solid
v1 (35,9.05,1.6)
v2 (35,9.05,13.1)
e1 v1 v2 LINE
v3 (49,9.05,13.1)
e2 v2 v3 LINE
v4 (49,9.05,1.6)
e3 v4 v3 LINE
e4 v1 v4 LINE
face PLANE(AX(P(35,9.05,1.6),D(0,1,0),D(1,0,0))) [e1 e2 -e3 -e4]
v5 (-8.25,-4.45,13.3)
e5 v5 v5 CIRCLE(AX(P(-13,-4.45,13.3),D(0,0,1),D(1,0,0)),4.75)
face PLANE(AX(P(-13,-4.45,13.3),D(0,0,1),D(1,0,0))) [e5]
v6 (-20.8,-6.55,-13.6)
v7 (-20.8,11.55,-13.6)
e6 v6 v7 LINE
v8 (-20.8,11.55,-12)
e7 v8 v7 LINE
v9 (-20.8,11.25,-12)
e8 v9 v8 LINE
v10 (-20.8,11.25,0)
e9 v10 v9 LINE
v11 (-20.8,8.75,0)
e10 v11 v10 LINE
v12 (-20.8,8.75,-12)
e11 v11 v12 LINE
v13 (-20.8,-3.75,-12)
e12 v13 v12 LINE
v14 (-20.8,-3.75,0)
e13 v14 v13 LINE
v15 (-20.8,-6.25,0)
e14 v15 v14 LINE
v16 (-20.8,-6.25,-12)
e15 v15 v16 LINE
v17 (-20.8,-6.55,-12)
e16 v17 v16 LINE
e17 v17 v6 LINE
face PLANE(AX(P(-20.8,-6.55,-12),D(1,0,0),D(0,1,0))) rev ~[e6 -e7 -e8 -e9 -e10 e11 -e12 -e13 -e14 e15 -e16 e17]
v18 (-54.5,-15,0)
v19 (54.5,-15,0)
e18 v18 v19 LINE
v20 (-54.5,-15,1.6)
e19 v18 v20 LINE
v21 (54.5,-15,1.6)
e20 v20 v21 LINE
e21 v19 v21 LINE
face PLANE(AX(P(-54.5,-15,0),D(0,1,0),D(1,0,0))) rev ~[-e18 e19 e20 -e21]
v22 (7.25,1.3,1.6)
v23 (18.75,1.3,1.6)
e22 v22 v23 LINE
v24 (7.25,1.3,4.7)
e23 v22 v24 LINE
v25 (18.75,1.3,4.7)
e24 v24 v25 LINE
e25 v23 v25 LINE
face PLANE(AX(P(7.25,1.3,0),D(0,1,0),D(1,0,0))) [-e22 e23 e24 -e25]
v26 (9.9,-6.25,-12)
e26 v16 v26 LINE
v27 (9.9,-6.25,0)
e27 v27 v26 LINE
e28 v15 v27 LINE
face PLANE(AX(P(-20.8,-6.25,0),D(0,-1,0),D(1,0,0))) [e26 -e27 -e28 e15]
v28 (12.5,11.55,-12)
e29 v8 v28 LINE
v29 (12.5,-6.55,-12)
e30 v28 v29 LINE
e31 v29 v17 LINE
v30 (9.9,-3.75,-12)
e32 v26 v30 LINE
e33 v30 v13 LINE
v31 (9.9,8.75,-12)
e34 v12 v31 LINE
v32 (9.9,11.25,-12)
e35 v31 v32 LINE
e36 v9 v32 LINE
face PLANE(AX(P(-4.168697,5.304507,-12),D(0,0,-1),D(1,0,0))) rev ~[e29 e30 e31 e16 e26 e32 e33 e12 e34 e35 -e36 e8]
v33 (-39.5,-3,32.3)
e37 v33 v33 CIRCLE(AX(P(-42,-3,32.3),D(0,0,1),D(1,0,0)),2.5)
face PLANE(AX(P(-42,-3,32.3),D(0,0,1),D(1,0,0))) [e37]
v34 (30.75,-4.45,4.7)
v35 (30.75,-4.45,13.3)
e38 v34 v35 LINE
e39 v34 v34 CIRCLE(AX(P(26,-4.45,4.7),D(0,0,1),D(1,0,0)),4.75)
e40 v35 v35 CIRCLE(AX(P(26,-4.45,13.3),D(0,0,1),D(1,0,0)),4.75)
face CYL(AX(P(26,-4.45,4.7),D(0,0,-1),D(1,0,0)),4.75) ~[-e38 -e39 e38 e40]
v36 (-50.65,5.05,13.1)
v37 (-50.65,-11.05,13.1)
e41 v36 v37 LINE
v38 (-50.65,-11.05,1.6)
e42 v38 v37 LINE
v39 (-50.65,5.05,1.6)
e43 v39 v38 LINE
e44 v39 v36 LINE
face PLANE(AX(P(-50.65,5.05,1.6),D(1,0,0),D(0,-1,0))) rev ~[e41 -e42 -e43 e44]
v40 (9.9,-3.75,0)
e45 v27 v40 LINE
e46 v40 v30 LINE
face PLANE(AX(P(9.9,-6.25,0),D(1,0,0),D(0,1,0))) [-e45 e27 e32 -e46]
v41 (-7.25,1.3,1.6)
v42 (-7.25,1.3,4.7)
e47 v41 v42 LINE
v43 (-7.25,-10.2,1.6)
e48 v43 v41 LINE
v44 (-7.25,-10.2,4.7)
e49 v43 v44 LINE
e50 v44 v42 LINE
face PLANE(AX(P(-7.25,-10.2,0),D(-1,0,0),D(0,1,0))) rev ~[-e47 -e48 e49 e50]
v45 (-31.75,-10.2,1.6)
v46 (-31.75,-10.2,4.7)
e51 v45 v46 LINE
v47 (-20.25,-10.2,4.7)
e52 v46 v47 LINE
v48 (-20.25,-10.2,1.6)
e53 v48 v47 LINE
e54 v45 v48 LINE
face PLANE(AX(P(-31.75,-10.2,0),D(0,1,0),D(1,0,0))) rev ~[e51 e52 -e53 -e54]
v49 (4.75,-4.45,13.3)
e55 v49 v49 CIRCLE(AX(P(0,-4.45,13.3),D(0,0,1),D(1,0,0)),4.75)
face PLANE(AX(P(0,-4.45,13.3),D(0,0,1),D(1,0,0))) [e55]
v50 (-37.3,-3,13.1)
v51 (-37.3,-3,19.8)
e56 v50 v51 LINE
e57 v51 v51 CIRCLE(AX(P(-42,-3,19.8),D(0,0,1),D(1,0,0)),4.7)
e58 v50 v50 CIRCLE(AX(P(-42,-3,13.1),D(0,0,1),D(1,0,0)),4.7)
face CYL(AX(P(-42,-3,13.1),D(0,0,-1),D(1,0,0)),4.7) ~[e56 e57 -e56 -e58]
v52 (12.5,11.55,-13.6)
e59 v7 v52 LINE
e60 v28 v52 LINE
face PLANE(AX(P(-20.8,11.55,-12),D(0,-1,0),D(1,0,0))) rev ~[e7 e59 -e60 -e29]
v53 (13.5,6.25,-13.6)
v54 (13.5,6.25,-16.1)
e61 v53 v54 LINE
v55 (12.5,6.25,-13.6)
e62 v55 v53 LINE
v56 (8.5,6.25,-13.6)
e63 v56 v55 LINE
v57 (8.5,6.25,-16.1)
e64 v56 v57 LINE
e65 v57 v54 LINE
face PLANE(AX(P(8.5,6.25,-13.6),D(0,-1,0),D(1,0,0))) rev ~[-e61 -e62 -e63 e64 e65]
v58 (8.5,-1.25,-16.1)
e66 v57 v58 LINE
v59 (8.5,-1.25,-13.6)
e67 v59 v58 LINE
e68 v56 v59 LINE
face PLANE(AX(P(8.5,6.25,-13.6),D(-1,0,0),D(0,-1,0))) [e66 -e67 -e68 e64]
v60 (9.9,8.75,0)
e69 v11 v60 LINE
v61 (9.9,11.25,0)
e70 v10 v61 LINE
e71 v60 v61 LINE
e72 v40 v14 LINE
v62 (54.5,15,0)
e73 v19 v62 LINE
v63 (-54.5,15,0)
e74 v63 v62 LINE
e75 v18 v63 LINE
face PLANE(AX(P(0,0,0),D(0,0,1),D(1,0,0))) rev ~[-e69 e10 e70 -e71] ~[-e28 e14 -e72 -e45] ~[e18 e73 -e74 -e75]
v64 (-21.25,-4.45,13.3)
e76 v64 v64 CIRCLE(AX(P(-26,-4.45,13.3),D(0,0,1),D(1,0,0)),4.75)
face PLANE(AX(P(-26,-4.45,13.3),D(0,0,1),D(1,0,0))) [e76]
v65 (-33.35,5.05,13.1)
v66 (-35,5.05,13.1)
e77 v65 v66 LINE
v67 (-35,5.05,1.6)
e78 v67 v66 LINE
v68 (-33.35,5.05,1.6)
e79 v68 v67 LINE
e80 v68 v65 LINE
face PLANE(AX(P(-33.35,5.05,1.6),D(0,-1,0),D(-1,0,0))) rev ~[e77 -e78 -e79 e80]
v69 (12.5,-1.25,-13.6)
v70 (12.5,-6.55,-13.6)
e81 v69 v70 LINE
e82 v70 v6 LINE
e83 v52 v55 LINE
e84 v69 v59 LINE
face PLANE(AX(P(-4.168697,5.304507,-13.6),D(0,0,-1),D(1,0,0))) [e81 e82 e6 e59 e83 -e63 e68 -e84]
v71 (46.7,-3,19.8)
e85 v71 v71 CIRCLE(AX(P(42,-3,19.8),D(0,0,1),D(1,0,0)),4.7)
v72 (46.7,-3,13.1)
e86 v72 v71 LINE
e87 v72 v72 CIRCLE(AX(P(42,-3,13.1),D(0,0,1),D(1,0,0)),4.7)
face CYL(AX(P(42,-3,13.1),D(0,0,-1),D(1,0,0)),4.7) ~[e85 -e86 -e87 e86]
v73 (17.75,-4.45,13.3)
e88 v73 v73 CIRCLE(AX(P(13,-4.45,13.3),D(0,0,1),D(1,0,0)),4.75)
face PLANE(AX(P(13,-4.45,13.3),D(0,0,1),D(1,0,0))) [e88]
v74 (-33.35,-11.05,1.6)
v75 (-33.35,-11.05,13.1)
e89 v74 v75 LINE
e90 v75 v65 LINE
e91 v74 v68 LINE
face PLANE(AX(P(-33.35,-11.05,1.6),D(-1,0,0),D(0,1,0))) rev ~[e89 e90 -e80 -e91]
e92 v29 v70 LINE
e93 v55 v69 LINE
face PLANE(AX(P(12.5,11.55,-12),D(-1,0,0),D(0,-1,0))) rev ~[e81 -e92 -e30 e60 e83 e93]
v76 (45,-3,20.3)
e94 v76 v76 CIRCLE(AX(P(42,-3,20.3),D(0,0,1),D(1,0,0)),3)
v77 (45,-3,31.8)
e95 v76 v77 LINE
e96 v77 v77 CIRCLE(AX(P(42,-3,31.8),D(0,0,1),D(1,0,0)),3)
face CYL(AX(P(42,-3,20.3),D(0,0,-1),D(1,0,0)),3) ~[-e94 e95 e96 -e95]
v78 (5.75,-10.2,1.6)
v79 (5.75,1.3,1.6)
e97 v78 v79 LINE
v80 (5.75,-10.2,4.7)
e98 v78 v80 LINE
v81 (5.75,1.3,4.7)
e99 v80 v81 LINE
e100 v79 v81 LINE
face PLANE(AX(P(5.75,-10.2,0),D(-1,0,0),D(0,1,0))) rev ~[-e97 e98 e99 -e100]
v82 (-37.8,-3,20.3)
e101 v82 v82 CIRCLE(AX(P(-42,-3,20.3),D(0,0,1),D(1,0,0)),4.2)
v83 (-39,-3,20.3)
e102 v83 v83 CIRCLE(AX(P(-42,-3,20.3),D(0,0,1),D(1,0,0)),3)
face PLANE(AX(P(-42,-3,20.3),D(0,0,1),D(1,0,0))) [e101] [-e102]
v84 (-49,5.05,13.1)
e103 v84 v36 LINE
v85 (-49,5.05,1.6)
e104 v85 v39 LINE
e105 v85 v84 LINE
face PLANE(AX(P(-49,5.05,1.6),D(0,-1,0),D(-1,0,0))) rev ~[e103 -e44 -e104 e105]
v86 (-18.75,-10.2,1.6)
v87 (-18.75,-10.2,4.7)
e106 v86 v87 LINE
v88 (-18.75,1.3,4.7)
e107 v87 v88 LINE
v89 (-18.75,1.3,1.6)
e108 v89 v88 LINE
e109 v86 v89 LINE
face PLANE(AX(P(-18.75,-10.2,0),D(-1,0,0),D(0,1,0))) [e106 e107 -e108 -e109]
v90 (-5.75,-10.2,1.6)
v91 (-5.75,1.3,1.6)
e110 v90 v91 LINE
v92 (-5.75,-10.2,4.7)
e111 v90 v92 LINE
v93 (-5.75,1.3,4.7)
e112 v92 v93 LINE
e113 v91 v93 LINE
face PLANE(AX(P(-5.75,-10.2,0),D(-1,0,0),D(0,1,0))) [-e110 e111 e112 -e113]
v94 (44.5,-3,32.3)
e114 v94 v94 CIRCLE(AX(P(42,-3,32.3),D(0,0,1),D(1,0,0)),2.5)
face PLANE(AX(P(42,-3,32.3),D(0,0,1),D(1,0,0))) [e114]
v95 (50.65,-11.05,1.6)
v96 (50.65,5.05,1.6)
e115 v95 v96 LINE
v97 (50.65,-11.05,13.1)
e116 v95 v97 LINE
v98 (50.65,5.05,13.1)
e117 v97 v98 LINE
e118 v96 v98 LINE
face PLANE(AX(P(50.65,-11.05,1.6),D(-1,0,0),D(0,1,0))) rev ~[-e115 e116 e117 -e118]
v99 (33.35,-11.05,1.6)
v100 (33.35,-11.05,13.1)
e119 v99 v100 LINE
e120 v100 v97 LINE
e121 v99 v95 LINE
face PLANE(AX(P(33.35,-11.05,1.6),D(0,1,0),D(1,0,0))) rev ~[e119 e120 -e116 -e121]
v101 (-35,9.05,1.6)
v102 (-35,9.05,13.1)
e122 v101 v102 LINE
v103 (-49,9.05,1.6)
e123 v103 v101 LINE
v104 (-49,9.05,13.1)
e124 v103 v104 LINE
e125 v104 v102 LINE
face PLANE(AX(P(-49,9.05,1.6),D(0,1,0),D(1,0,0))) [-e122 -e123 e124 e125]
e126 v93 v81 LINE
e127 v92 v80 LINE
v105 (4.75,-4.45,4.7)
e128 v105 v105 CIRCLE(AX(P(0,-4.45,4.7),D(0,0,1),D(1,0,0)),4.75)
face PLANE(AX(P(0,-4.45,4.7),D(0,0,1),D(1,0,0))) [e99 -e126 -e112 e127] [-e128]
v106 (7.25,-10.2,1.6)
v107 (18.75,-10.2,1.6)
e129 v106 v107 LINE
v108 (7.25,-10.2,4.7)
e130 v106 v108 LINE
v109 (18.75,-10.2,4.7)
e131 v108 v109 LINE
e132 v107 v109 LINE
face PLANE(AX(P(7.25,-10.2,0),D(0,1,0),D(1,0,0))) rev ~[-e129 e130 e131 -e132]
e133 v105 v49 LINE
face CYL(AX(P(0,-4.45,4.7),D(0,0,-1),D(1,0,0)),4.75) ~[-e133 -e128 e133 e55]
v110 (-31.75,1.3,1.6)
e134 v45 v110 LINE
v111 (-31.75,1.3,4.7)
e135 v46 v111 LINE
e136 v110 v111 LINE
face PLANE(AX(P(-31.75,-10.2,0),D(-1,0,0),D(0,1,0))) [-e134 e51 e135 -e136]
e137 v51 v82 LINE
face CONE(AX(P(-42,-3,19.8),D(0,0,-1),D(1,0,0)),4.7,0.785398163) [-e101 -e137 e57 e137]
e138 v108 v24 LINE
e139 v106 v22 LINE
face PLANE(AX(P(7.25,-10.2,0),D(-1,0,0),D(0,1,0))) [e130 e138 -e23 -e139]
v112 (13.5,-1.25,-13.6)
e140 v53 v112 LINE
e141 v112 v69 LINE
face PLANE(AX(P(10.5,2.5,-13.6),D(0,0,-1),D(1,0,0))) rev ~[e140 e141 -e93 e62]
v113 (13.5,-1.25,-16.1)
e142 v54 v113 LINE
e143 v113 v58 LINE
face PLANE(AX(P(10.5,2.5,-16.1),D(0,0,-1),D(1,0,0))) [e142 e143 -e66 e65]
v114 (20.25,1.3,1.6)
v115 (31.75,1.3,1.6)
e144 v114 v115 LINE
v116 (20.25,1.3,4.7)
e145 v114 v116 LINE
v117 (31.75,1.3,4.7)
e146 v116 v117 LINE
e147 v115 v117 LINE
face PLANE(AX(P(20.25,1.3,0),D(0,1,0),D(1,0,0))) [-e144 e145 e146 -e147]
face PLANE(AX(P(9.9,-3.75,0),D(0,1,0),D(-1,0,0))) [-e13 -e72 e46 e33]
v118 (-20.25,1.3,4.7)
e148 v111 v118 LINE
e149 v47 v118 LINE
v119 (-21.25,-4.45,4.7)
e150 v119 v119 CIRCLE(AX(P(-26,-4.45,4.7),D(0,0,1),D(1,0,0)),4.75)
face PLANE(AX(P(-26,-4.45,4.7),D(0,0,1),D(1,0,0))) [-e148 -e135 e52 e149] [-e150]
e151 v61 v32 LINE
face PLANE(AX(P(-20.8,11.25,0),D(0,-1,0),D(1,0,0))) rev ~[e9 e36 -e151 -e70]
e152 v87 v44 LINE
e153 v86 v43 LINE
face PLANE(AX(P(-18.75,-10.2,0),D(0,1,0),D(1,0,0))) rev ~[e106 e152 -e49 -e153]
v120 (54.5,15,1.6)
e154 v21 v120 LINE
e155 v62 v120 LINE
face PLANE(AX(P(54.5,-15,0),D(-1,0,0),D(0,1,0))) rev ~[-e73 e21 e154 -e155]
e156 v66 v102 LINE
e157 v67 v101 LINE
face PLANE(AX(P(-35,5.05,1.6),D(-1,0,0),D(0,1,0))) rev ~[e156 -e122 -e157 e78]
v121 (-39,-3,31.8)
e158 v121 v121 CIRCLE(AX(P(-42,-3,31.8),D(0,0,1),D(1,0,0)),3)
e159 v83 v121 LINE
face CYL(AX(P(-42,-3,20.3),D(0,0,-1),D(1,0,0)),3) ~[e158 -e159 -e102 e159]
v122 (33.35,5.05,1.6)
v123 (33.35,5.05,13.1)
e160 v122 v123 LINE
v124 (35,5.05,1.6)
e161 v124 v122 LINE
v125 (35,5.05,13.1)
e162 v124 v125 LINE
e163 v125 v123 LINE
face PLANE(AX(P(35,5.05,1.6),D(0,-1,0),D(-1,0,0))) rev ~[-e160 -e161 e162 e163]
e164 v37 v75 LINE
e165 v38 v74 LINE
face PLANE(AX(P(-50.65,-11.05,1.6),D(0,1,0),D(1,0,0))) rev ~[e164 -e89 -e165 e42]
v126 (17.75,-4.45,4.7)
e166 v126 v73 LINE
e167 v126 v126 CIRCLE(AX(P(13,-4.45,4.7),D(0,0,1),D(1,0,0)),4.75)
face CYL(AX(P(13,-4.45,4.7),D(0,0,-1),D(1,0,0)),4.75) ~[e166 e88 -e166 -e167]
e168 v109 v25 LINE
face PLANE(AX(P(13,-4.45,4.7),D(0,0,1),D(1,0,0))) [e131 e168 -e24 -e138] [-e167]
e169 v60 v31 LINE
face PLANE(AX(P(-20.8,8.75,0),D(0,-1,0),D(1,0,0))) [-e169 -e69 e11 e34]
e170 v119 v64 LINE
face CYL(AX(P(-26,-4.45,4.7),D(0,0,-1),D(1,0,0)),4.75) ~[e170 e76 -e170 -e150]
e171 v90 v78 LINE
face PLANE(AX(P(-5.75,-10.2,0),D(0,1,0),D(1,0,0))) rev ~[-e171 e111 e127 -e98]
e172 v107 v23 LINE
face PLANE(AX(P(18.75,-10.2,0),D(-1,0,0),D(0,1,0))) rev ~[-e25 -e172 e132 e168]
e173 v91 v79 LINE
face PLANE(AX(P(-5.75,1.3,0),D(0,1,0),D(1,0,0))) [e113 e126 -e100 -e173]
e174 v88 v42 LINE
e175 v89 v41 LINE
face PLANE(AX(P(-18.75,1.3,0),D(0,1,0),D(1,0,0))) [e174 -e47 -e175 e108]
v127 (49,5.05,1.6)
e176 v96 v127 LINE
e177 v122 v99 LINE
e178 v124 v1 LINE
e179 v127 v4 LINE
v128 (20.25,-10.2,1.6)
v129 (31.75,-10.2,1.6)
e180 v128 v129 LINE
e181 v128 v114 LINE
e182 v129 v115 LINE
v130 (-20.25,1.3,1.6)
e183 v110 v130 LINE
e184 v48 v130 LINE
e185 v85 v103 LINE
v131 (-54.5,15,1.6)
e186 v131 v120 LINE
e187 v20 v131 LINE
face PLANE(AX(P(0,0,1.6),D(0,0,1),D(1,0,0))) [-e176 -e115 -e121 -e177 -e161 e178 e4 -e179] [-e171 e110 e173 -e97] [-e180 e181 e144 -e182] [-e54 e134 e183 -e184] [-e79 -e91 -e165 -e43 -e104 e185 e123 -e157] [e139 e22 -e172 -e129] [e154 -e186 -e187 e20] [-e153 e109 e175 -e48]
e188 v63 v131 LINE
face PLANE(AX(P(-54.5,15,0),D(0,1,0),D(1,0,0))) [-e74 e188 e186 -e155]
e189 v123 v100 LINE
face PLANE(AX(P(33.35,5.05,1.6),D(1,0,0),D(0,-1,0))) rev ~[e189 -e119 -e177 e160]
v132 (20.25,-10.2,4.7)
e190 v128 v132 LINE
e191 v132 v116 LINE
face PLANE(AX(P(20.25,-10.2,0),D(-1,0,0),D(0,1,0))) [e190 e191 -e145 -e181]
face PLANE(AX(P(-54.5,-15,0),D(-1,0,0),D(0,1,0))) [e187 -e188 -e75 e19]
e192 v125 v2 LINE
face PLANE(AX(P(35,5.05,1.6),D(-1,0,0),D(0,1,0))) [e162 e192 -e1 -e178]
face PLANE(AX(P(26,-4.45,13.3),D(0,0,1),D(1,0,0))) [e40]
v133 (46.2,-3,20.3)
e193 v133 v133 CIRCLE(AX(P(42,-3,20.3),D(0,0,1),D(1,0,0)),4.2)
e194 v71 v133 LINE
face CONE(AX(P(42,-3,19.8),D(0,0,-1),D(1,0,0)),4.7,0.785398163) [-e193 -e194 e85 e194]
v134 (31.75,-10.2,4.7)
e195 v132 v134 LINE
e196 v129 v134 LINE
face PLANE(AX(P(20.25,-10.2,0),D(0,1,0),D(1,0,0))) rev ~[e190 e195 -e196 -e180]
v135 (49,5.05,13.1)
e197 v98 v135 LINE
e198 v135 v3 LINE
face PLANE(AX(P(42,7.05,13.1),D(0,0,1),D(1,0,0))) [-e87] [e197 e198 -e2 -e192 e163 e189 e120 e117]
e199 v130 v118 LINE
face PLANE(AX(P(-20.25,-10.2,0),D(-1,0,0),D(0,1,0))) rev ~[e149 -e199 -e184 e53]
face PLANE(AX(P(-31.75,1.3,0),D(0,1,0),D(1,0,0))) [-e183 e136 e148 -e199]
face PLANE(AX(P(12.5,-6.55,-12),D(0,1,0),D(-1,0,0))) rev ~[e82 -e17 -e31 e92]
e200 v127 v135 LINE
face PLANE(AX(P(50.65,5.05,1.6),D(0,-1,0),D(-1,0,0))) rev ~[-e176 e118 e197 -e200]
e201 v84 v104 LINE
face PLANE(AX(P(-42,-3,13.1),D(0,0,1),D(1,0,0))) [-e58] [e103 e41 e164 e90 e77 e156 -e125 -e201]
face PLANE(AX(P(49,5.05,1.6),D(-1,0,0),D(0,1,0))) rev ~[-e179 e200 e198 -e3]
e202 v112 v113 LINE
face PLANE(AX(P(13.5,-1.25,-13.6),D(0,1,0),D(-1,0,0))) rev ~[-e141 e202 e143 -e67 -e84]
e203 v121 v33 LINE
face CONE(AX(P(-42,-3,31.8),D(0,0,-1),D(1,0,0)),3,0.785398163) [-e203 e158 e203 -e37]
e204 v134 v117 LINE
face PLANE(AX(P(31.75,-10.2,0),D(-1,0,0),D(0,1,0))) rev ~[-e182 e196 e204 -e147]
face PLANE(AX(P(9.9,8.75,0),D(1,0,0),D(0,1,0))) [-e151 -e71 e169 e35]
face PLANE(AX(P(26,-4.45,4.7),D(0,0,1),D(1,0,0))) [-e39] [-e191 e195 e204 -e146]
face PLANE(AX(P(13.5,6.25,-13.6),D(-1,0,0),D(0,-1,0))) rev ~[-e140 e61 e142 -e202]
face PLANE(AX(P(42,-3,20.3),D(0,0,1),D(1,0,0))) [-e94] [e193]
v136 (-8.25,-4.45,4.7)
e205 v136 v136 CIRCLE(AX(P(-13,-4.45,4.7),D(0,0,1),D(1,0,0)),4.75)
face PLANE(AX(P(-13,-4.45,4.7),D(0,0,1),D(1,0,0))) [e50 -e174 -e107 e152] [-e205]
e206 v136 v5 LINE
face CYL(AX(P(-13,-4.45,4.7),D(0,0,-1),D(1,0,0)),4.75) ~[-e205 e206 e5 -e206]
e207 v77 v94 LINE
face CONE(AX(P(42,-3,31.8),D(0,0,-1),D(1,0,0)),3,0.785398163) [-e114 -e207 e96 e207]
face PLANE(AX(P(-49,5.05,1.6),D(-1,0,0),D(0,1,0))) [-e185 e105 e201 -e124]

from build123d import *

# Parameters (mm, degrees)
F0_W      = 11.5
F0_H      = 11.5
F1_DEPTH  = 4.7
F0_W_2    = 109
F0_H_2    = 30
F2_DEPTH  = 1.6
F3_R      = 4.75
F4_DEPTH  = 8.6
F5_W      = 14
F5_H      = 4
F6_DEPTH  = 11.5
F7_R      = 4.7
F8_DEPTH  = 7.2
F9_R      = 3
F10_DEPTH = 12
F11_SIZE  = 0.5
F12_W     = 1.5
F12_H     = 2.5
F12_W_2   = 11.5
F12_W_3   = 2.65
F12_W_4   = 0.55
F12_W_5   = 30.7
F13_DEPTH = 12
F14_W     = 30.7
F14_H     = 2.5
F15_DEPTH = 1.6
F16_W     = 4
F16_H     = 7.5
F16_W_2   = 1
F17_DEPTH = 2.5


with BuildPart() as f1:
    # F0 (on Top) → F1 (new body)
    with BuildSketch(Plane.XY):
        with Locations((-26, -4.45)):
            Rectangle(F0_W, F0_H)
    extrude(amount=F1_DEPTH)



with BuildPart() as f1b:
    # F0 (on Top) → F1, piece 2 (new body)
    with BuildSketch(Plane.XY):
        with Locations((-13, -4.45)):
            Rectangle(F0_W, F0_H)
    extrude(amount=F1_DEPTH)


with BuildPart() as f1c:
    # F0 (on Top) → F1, piece 3 (new body)
    with BuildSketch(Plane.XY):
        with Locations((13, -4.45)):
            Rectangle(F0_W, F0_H)
    extrude(amount=F1_DEPTH)


with BuildPart() as f1d:
    # F0 (on Top) → F1, piece 4 (new body)
    with BuildSketch(Plane.XY):
        with Locations((26, -4.45)):
            Rectangle(F0_W, F0_H)
    extrude(amount=F1_DEPTH)


with BuildPart() as f1e:
    # F0 (on Top) → F1, piece 5 (new body)
    with BuildSketch(Plane.XY):
        with Locations((0, -4.45)):
            Rectangle(F0_W, F0_H)
    extrude(amount=F1_DEPTH)


with BuildPart() as f1_1:
    add(f1.part)

    add(f1b.part)  # F2 merges F1b

    add(f1c.part)  # F2 merges F1c

    add(f1d.part)  # F2 merges F1d

    add(f1e.part)  # F2 merges F1e
    # F0 (on Top) → F2 (join)
    with BuildSketch(Plane.XY):
        Rectangle(F0_W_2, F0_H_2)
        with Locations((-26, -4.45)):
            Rectangle(F0_W, F0_H, mode=Mode.SUBTRACT)
        with Locations((-13, -4.45)):
            Rectangle(F0_W, F0_H, mode=Mode.SUBTRACT)
        with Locations((0, -4.45)):
            Rectangle(F0_W, F0_H, mode=Mode.SUBTRACT)
        with Locations((13, -4.45)):
            Rectangle(F0_W, F0_H, mode=Mode.SUBTRACT)
        with Locations((26, -4.45)):
            Rectangle(F0_W, F0_H, mode=Mode.SUBTRACT)
    extrude(amount=F2_DEPTH)

    # F3 (on face) → F4 (join)
    with BuildSketch(Plane.XY.offset(4.7)):
        with Locations((-26, -4.45)):
            Circle(F3_R)
        with Locations((-13, -4.45)):
            Circle(F3_R)
        with Locations((0, -4.45)):
            Circle(F3_R)
        with Locations((13, -4.45)):
            Circle(F3_R)
        with Locations((26, -4.45)):
            Circle(F3_R)
    extrude(amount=F4_DEPTH)

    # F5 (on face) → F6 (join)
    with BuildSketch(Plane.XY.offset(1.6)):
        Polygon((-50.65, -11.05), (-33.35, -11.05), (-33.35, 5.05), (-35, 5.05), (-49, 5.05), (-50.65, 5.05), align=None)
        with Locations((-42, 7.05)):
            Rectangle(F5_W, F5_H)
        with Locations((42, 7.05)):
            Rectangle(F5_W, F5_H)
        Polygon((33.35, -11.05), (50.65, -11.05), (50.65, 5.05), (49, 5.05), (35, 5.05), (33.35, 5.05), align=None)
    extrude(amount=F6_DEPTH)

    # F7 (on face) → F8 (join)
    with BuildSketch(Plane.XY.offset(13.1)):
        with Locations((-42, -3)):
            Circle(F7_R)
        with Locations((42, -3)):
            Circle(F7_R)
    extrude(amount=F8_DEPTH)

    # F9 (on face) → F10 (join)
    with BuildSketch(Plane.XY.offset(20.3)):
        with Locations((-42, -3)):
            Circle(F9_R)
        with Locations((42, -3)):
            Circle(F9_R)
    extrude(amount=F10_DEPTH)

    # F11
    f11_edges = [f1_1.edges().sort_by_distance(p)[0] for p in [
        (-46.7, -3, 20.3),
        (37.3, -3, 20.3),
        (-45, -3, 32.3),
        (39, -3, 32.3),
    ]]
    chamfer(f11_edges, length=F11_SIZE)

    # F12 (on face) → F13 (join)
    with BuildSketch(Plane.XY):
        with Locations((-19.5, -5)):
            Rectangle(F12_W, F12_H)
        with Locations((-13, -5)):
            Rectangle(F12_W_2, F12_H)
        with Locations((-6.5, -5)):
            Rectangle(F12_W, F12_H)
        with Locations((0, -5)):
            Rectangle(F12_W_2, F12_H)
        with Locations((6.5, -5)):
            Rectangle(F12_W, F12_H)
        with Locations((8.575, -5)):
            Rectangle(F12_W_3, F12_H)
        with Locations((-20.525, -5)):
            Rectangle(F12_W_4, F12_H)
        with Locations((-5.45, 10)):
            Rectangle(F12_W_5, F12_H)
    extrude(amount=-F13_DEPTH)

    # F14 (on face) → F15 (join)
    with BuildSketch(Plane(origin=(0, 0, -12), x_dir=(1, 0, 0), z_dir=(0, 0, -1))):
        Polygon((-20.8, -11.25), (-20.8, -11.55), (12.5, -11.55), (12.5, 6.55), (-20.8, 6.55), (-20.8, -8.75), (9.9, -8.75), (9.9, -11.25), align=None)
        with Locations((-5.45, -10)):
            Rectangle(F14_W, F14_H)
    extrude(amount=F15_DEPTH)

    # F16 (on face) → F17 (join)
    with BuildSketch(Plane(origin=(0, 0, -13.6), x_dir=(1, 0, 0), z_dir=(0, 0, -1))):
        with Locations((10.5, -2.5)):
            Rectangle(F16_W, F16_H)
        with Locations((13, -2.5)):
            Rectangle(F16_W_2, F16_H)
    extrude(amount=F17_DEPTH)


solid = f1_1.part
